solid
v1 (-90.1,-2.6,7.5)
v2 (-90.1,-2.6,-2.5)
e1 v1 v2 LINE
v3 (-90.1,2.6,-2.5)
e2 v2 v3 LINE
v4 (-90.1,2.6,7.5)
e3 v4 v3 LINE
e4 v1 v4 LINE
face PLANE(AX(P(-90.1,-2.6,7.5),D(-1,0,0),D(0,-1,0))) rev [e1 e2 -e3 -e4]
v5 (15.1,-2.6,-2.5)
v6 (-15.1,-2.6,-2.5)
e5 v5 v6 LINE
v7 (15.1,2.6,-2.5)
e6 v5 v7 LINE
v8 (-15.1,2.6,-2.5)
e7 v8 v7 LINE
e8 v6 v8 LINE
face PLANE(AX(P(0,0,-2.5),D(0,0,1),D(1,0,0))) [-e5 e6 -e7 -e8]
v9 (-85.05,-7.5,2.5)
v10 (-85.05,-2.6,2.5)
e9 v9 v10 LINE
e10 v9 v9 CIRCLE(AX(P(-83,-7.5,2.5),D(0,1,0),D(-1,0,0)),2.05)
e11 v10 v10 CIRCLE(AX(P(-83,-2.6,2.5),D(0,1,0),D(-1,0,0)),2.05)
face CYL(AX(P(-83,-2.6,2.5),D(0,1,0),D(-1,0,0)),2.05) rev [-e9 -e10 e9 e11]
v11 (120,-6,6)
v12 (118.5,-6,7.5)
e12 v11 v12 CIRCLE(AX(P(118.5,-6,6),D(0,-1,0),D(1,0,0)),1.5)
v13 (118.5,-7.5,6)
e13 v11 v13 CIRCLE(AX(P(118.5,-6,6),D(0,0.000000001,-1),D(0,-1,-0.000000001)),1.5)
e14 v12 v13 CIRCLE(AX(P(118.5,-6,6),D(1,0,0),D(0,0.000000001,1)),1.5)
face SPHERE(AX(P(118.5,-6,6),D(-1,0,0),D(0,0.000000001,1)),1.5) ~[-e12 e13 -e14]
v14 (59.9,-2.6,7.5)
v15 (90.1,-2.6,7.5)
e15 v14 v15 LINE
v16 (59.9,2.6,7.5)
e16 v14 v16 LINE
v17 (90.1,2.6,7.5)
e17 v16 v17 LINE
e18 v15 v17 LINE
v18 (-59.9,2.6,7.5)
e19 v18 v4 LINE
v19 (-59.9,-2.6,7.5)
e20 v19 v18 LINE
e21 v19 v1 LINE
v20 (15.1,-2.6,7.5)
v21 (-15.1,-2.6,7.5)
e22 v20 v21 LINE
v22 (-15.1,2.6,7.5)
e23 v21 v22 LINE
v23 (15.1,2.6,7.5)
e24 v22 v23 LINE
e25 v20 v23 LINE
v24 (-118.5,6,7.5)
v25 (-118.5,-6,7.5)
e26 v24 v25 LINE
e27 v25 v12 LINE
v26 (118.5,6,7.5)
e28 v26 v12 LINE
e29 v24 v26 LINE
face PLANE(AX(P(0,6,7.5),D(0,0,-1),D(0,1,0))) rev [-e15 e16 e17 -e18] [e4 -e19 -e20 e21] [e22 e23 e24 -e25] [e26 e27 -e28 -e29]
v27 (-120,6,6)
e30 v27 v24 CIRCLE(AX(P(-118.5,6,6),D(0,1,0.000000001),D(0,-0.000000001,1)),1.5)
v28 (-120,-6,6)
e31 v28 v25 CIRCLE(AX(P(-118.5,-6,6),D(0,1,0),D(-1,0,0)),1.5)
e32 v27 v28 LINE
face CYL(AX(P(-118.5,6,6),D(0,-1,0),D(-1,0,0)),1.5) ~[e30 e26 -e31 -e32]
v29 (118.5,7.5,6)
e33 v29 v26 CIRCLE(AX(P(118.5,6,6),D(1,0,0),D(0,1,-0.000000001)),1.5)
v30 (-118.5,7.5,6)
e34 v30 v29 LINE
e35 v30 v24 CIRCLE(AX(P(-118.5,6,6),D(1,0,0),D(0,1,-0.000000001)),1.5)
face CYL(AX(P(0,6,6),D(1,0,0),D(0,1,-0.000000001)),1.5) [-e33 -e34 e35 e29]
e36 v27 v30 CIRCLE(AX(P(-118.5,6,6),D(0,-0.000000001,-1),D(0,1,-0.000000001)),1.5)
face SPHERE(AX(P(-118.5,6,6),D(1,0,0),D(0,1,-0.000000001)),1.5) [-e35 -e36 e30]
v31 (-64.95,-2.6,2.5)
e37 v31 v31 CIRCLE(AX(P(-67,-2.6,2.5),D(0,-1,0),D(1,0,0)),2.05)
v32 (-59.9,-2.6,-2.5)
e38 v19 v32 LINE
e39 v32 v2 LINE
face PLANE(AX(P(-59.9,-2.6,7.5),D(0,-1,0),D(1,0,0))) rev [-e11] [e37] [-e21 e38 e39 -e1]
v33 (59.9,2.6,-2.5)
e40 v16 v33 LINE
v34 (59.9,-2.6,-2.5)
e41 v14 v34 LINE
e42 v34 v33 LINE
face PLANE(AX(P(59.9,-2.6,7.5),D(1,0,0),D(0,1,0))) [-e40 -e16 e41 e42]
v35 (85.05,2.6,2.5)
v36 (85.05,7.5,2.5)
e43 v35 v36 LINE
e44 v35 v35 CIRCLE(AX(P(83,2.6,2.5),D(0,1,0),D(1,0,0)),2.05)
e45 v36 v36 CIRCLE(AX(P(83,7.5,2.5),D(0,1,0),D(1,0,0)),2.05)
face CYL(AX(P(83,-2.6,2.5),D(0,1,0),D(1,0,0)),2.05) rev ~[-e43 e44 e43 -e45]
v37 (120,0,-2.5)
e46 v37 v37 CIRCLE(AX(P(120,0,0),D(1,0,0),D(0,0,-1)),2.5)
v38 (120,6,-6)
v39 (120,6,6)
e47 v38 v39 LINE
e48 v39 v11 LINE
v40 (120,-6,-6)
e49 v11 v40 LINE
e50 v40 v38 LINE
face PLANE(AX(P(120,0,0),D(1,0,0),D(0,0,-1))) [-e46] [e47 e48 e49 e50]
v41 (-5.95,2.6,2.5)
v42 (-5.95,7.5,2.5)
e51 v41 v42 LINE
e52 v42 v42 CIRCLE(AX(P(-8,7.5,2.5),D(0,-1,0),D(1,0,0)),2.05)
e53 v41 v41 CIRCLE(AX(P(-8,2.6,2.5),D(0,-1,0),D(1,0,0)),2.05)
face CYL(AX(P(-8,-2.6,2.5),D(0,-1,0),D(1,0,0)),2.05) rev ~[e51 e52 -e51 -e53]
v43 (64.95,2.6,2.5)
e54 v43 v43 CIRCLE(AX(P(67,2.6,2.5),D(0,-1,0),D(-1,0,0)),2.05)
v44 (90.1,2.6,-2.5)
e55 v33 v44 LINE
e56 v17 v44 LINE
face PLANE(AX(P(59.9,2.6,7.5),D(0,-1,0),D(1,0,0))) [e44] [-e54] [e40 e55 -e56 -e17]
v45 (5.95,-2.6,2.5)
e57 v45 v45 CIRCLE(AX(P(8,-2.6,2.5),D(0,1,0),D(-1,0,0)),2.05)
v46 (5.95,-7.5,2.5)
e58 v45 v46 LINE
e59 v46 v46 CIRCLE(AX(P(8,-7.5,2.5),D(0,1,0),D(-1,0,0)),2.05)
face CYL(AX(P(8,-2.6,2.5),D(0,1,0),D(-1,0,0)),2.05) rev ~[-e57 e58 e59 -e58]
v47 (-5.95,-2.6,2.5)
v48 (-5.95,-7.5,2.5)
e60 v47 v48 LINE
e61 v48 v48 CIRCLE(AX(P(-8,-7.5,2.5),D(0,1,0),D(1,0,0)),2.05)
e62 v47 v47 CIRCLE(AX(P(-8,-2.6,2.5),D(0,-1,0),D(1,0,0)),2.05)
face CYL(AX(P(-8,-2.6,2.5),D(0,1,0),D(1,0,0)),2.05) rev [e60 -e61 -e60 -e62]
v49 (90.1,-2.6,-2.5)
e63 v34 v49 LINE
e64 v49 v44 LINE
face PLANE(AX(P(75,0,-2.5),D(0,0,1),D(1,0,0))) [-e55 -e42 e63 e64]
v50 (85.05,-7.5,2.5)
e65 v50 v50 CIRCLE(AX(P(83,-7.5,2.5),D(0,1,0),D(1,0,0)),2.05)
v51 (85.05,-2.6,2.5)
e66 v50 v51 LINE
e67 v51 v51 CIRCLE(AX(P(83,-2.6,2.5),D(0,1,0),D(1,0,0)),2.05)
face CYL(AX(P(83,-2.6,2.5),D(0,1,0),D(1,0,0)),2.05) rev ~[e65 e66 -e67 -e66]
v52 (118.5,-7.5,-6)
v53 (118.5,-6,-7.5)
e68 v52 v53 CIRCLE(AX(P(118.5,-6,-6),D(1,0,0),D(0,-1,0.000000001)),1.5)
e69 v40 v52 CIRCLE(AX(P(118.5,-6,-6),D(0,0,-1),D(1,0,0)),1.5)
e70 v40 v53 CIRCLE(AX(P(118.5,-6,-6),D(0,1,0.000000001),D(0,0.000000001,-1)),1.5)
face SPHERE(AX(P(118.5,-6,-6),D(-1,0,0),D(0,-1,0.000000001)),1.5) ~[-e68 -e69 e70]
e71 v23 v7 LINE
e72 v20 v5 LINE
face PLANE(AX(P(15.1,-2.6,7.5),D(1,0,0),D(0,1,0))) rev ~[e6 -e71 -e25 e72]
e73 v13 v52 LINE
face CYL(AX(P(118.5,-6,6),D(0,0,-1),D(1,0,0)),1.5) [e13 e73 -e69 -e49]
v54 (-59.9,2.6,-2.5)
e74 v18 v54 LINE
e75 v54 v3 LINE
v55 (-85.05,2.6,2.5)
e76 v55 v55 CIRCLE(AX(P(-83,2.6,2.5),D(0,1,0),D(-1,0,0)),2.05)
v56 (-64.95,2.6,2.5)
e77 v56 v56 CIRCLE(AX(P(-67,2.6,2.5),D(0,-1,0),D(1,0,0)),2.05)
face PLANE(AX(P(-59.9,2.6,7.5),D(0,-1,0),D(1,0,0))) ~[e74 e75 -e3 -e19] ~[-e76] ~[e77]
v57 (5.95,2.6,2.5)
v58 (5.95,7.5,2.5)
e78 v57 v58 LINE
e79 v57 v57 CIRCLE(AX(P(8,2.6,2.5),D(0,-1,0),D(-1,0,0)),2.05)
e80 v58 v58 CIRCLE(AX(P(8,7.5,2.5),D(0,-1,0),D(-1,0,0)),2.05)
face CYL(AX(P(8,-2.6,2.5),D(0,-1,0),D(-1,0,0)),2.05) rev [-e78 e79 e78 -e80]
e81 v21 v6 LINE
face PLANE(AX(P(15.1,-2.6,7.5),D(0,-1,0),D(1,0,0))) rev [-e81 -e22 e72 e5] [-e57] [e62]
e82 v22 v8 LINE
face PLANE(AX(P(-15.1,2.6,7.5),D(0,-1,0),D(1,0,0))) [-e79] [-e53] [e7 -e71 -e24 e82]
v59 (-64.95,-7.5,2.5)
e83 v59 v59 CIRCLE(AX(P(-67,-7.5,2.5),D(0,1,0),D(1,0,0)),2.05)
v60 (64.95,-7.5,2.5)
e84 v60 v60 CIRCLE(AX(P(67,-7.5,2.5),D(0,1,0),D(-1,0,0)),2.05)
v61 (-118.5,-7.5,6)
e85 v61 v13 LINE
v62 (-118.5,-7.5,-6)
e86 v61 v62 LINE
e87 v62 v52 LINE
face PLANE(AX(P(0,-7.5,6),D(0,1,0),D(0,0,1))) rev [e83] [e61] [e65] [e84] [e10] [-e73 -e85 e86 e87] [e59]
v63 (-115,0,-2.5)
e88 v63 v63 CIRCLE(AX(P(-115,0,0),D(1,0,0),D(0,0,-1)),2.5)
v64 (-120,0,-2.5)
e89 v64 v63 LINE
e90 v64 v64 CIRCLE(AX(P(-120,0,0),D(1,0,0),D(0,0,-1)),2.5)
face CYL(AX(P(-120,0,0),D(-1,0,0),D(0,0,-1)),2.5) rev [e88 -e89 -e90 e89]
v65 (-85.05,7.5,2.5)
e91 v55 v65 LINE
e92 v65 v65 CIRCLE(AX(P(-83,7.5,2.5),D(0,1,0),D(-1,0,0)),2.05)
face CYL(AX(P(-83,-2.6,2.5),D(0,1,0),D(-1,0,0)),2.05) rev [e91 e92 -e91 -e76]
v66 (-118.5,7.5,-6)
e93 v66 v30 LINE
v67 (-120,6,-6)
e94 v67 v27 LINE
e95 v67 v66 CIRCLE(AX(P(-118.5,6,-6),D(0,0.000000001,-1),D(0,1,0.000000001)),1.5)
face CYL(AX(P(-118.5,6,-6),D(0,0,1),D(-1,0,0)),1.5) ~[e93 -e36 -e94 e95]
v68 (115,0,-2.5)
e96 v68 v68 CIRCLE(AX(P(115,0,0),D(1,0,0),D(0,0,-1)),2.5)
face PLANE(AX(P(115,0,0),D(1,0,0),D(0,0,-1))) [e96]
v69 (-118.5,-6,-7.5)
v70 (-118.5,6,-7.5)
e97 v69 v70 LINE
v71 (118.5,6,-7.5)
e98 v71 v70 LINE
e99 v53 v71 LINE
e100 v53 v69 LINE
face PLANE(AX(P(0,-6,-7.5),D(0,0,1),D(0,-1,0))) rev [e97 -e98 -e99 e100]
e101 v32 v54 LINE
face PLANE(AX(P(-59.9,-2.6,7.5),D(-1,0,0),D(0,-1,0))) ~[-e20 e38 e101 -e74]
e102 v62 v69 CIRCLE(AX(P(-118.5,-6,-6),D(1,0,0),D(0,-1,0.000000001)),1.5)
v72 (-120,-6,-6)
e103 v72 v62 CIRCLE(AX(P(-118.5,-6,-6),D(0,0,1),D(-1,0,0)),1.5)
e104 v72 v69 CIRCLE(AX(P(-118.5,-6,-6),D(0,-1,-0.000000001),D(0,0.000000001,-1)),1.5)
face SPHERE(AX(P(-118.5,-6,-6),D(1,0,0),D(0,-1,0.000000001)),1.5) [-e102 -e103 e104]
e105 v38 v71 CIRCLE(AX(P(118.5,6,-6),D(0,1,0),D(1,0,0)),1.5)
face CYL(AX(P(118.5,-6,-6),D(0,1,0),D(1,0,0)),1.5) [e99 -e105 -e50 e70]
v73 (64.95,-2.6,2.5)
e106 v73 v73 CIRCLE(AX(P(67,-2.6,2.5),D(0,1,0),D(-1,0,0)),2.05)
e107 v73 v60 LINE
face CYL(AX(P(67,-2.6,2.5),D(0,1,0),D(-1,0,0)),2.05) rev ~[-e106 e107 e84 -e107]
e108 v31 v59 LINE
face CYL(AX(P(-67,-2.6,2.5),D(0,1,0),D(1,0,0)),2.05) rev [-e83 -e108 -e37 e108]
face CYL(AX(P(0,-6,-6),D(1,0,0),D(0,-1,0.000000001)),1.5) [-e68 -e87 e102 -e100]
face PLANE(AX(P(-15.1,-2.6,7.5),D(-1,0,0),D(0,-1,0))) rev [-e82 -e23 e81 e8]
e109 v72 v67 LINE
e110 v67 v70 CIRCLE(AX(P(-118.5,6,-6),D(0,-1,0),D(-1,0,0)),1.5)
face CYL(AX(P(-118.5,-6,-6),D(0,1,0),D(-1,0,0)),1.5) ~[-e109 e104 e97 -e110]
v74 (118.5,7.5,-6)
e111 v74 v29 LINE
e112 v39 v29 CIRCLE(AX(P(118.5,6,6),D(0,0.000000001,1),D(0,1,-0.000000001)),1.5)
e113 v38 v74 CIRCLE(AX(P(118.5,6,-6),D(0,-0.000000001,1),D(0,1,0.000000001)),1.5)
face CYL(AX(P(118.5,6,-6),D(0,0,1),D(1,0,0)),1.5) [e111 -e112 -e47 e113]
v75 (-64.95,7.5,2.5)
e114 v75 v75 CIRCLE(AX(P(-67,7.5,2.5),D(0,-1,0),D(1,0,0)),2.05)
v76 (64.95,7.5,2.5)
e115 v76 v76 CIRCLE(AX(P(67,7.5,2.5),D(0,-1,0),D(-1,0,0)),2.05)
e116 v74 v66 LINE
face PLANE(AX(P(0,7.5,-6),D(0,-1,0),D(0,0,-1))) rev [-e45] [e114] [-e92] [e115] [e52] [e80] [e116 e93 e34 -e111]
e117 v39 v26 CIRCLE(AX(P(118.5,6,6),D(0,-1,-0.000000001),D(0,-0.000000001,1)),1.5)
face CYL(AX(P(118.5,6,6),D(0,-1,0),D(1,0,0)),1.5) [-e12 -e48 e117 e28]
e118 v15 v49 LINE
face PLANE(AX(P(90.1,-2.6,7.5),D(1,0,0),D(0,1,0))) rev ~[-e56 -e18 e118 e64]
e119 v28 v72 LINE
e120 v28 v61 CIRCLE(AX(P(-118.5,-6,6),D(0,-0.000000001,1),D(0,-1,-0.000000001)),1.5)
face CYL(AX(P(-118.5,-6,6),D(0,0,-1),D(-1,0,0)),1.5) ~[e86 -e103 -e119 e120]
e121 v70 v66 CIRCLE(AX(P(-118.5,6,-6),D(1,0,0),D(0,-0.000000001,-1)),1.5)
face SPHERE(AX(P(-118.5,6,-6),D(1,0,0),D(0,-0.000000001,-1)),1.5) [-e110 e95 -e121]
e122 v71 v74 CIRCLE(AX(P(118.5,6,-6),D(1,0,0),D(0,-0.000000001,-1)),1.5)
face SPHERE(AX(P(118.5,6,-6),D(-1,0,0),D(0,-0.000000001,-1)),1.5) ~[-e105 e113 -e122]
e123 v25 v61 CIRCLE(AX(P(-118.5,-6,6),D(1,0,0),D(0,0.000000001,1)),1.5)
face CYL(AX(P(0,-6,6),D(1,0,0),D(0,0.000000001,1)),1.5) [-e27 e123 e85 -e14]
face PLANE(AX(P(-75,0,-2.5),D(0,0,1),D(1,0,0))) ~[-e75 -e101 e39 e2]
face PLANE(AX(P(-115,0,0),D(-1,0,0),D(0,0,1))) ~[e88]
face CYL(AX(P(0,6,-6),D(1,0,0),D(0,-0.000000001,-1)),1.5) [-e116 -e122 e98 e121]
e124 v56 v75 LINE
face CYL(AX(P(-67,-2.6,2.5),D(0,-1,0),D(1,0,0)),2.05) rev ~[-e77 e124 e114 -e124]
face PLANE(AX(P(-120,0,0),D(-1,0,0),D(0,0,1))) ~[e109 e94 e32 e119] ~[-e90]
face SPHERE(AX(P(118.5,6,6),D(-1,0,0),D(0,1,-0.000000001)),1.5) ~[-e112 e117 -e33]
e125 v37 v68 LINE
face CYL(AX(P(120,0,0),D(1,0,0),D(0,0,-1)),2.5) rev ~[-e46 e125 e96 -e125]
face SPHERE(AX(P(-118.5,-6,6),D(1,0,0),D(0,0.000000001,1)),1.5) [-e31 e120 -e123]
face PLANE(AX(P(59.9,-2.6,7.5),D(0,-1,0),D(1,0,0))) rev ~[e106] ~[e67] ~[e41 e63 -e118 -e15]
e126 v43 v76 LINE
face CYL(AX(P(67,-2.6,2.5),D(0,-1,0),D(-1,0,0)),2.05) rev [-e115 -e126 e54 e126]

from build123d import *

# Parameters (mm, degrees)
BOSS_EXTRU_1_DEPTH      = 120
ESQUISSE2_W             = 30.2
ESQUISSE2_H             = 5.2
ENL_V_MAT_EXTRU_1_DEPTH = 10
ESQUISSE3_R             = 2.05
ENL_V_MAT_EXTRU_2_DEPTH = 121.657614762
CONG_2_R                = 1.5
ESQUISSE4_R             = 2.5
ENL_V_MAT_EXTRU_3_DEPTH = 5
CONG_2_OF_SYM_TRIE6_R   = 1.5


with BuildPart() as part:
    # Esquisse1 → Boss.-Extru.1 (new body)
    with BuildSketch(Plane(origin=(0, 0, 0), x_dir=(0, 0, -1), z_dir=(1, 0, 0))):
        with BuildLine():
            Line((6, 7.5), (-6, 7.5))
            ThreePointArc((-6, 7.5), (-7.060660172, 7.060660172), (-7.5, 6))
            Line((-7.5, 6), (-7.5, -6))
            ThreePointArc((-7.5, -6), (-7.060660172, -7.060660172), (-6, -7.5))
            Line((-6, -7.5), (6, -7.5))
            ThreePointArc((6, -7.5), (7.060660172, -7.060660172), (7.5, -6))
            Line((7.5, -6), (7.5, 6))
            ThreePointArc((7.5, 6), (7.060660172, 7.060660172), (6, 7.5))
        make_face()
    boss_extru_1 = extrude(amount=BOSS_EXTRU_1_DEPTH)

    # Esquisse2 → Enlèv. mat.-Extru.1 (cut)
    with BuildSketch(Plane.XY.offset(7.5)):
        Rectangle(ESQUISSE2_W, ESQUISSE2_H)
        with Locations((75, 0)):
            Rectangle(ESQUISSE2_W, ESQUISSE2_H)
    enl_v_mat_extru_1 = extrude(amount=-ENL_V_MAT_EXTRU_1_DEPTH, mode=Mode.SUBTRACT)

    # Esquisse3 → Enlèv. mat.-Extru.2 (cut, symmetric)
    with BuildSketch(Plane(origin=(0, -2.6, 0), x_dir=(1, 0, 0), z_dir=(0, 1, 0))):
        with Locations(Location((8, -2.5, 0), (0, 0, 180))):
            Circle(ESQUISSE3_R)
        with Locations(Location((67, -2.5, 0), (0, 0, 180))):
            Circle(ESQUISSE3_R)
        with Locations((83, -2.5)):
            Circle(ESQUISSE3_R)
    enl_v_mat_extru_2 = extrude(amount=ENL_V_MAT_EXTRU_2_DEPTH, both=True, mode=Mode.SUBTRACT)

    # Congé2
    cong_2_edges = [part.edges().sort_by_distance(p)[0] for p in [
        (120, 7.060660172, 7.060660172),
        (120, 0, 7.5),
        (120, -7.060660172, 7.060660172),
        (120, -7.5, 0),
        (120, -7.060660172, -7.060660172),
        (120, 0, -7.5),
        (120, 7.060660172, -7.060660172),
        (120, 7.5, 0),
    ]]
    fillet(cong_2_edges, radius=CONG_2_R)

    # Esquisse4 → Enlèv. mat.-Extru.3 (cut)
    with BuildSketch(Plane(origin=(120, 0, 0), x_dir=(0, 0, -1), z_dir=(1, 0, 0))):
        Circle(ESQUISSE4_R)
    enl_v_mat_extru_3 = extrude(amount=-ENL_V_MAT_EXTRU_3_DEPTH, mode=Mode.SUBTRACT)

    # Symétrie6: Boss.-Extru.1, Enlèv. mat.-Extru.1, Enlèv. mat.-Extru.2, Enlèv. mat.-Extru.3 across plane
    add(boss_extru_1.mirror(Plane(origin=(0, 6, -6), x_dir=(0, 0, 1), z_dir=(-1, 0, 0))))
    add(enl_v_mat_extru_1.mirror(Plane(origin=(0, 6, -6), x_dir=(0, 0, 1), z_dir=(-1, 0, 0))), mode=Mode.SUBTRACT)
    add(enl_v_mat_extru_2.mirror(Plane(origin=(0, 6, -6), x_dir=(0, 0, 1), z_dir=(-1, 0, 0))), mode=Mode.SUBTRACT)
    add(enl_v_mat_extru_3.mirror(Plane(origin=(0, 6, -6), x_dir=(0, 0, 1), z_dir=(-1, 0, 0))), mode=Mode.SUBTRACT)

    # Congé2 of Symétrie6
    cong_2_of_sym_trie6_edges = [part.edges().sort_by_distance(p)[0] for p in [
        (-120, 7.060660172, 7.060660172),
        (-120, 0, 7.5),
        (-120, -7.060660172, 7.060660172),
        (-120, -7.5, 0),
        (-120, -7.060660172, -7.060660172),
        (-120, 0, -7.5),
        (-120, 7.060660172, -7.060660172),
        (-120, 7.5, 0),
    ]]
    fillet(cong_2_of_sym_trie6_edges, radius=CONG_2_OF_SYM_TRIE6_R)


solid = part.part
